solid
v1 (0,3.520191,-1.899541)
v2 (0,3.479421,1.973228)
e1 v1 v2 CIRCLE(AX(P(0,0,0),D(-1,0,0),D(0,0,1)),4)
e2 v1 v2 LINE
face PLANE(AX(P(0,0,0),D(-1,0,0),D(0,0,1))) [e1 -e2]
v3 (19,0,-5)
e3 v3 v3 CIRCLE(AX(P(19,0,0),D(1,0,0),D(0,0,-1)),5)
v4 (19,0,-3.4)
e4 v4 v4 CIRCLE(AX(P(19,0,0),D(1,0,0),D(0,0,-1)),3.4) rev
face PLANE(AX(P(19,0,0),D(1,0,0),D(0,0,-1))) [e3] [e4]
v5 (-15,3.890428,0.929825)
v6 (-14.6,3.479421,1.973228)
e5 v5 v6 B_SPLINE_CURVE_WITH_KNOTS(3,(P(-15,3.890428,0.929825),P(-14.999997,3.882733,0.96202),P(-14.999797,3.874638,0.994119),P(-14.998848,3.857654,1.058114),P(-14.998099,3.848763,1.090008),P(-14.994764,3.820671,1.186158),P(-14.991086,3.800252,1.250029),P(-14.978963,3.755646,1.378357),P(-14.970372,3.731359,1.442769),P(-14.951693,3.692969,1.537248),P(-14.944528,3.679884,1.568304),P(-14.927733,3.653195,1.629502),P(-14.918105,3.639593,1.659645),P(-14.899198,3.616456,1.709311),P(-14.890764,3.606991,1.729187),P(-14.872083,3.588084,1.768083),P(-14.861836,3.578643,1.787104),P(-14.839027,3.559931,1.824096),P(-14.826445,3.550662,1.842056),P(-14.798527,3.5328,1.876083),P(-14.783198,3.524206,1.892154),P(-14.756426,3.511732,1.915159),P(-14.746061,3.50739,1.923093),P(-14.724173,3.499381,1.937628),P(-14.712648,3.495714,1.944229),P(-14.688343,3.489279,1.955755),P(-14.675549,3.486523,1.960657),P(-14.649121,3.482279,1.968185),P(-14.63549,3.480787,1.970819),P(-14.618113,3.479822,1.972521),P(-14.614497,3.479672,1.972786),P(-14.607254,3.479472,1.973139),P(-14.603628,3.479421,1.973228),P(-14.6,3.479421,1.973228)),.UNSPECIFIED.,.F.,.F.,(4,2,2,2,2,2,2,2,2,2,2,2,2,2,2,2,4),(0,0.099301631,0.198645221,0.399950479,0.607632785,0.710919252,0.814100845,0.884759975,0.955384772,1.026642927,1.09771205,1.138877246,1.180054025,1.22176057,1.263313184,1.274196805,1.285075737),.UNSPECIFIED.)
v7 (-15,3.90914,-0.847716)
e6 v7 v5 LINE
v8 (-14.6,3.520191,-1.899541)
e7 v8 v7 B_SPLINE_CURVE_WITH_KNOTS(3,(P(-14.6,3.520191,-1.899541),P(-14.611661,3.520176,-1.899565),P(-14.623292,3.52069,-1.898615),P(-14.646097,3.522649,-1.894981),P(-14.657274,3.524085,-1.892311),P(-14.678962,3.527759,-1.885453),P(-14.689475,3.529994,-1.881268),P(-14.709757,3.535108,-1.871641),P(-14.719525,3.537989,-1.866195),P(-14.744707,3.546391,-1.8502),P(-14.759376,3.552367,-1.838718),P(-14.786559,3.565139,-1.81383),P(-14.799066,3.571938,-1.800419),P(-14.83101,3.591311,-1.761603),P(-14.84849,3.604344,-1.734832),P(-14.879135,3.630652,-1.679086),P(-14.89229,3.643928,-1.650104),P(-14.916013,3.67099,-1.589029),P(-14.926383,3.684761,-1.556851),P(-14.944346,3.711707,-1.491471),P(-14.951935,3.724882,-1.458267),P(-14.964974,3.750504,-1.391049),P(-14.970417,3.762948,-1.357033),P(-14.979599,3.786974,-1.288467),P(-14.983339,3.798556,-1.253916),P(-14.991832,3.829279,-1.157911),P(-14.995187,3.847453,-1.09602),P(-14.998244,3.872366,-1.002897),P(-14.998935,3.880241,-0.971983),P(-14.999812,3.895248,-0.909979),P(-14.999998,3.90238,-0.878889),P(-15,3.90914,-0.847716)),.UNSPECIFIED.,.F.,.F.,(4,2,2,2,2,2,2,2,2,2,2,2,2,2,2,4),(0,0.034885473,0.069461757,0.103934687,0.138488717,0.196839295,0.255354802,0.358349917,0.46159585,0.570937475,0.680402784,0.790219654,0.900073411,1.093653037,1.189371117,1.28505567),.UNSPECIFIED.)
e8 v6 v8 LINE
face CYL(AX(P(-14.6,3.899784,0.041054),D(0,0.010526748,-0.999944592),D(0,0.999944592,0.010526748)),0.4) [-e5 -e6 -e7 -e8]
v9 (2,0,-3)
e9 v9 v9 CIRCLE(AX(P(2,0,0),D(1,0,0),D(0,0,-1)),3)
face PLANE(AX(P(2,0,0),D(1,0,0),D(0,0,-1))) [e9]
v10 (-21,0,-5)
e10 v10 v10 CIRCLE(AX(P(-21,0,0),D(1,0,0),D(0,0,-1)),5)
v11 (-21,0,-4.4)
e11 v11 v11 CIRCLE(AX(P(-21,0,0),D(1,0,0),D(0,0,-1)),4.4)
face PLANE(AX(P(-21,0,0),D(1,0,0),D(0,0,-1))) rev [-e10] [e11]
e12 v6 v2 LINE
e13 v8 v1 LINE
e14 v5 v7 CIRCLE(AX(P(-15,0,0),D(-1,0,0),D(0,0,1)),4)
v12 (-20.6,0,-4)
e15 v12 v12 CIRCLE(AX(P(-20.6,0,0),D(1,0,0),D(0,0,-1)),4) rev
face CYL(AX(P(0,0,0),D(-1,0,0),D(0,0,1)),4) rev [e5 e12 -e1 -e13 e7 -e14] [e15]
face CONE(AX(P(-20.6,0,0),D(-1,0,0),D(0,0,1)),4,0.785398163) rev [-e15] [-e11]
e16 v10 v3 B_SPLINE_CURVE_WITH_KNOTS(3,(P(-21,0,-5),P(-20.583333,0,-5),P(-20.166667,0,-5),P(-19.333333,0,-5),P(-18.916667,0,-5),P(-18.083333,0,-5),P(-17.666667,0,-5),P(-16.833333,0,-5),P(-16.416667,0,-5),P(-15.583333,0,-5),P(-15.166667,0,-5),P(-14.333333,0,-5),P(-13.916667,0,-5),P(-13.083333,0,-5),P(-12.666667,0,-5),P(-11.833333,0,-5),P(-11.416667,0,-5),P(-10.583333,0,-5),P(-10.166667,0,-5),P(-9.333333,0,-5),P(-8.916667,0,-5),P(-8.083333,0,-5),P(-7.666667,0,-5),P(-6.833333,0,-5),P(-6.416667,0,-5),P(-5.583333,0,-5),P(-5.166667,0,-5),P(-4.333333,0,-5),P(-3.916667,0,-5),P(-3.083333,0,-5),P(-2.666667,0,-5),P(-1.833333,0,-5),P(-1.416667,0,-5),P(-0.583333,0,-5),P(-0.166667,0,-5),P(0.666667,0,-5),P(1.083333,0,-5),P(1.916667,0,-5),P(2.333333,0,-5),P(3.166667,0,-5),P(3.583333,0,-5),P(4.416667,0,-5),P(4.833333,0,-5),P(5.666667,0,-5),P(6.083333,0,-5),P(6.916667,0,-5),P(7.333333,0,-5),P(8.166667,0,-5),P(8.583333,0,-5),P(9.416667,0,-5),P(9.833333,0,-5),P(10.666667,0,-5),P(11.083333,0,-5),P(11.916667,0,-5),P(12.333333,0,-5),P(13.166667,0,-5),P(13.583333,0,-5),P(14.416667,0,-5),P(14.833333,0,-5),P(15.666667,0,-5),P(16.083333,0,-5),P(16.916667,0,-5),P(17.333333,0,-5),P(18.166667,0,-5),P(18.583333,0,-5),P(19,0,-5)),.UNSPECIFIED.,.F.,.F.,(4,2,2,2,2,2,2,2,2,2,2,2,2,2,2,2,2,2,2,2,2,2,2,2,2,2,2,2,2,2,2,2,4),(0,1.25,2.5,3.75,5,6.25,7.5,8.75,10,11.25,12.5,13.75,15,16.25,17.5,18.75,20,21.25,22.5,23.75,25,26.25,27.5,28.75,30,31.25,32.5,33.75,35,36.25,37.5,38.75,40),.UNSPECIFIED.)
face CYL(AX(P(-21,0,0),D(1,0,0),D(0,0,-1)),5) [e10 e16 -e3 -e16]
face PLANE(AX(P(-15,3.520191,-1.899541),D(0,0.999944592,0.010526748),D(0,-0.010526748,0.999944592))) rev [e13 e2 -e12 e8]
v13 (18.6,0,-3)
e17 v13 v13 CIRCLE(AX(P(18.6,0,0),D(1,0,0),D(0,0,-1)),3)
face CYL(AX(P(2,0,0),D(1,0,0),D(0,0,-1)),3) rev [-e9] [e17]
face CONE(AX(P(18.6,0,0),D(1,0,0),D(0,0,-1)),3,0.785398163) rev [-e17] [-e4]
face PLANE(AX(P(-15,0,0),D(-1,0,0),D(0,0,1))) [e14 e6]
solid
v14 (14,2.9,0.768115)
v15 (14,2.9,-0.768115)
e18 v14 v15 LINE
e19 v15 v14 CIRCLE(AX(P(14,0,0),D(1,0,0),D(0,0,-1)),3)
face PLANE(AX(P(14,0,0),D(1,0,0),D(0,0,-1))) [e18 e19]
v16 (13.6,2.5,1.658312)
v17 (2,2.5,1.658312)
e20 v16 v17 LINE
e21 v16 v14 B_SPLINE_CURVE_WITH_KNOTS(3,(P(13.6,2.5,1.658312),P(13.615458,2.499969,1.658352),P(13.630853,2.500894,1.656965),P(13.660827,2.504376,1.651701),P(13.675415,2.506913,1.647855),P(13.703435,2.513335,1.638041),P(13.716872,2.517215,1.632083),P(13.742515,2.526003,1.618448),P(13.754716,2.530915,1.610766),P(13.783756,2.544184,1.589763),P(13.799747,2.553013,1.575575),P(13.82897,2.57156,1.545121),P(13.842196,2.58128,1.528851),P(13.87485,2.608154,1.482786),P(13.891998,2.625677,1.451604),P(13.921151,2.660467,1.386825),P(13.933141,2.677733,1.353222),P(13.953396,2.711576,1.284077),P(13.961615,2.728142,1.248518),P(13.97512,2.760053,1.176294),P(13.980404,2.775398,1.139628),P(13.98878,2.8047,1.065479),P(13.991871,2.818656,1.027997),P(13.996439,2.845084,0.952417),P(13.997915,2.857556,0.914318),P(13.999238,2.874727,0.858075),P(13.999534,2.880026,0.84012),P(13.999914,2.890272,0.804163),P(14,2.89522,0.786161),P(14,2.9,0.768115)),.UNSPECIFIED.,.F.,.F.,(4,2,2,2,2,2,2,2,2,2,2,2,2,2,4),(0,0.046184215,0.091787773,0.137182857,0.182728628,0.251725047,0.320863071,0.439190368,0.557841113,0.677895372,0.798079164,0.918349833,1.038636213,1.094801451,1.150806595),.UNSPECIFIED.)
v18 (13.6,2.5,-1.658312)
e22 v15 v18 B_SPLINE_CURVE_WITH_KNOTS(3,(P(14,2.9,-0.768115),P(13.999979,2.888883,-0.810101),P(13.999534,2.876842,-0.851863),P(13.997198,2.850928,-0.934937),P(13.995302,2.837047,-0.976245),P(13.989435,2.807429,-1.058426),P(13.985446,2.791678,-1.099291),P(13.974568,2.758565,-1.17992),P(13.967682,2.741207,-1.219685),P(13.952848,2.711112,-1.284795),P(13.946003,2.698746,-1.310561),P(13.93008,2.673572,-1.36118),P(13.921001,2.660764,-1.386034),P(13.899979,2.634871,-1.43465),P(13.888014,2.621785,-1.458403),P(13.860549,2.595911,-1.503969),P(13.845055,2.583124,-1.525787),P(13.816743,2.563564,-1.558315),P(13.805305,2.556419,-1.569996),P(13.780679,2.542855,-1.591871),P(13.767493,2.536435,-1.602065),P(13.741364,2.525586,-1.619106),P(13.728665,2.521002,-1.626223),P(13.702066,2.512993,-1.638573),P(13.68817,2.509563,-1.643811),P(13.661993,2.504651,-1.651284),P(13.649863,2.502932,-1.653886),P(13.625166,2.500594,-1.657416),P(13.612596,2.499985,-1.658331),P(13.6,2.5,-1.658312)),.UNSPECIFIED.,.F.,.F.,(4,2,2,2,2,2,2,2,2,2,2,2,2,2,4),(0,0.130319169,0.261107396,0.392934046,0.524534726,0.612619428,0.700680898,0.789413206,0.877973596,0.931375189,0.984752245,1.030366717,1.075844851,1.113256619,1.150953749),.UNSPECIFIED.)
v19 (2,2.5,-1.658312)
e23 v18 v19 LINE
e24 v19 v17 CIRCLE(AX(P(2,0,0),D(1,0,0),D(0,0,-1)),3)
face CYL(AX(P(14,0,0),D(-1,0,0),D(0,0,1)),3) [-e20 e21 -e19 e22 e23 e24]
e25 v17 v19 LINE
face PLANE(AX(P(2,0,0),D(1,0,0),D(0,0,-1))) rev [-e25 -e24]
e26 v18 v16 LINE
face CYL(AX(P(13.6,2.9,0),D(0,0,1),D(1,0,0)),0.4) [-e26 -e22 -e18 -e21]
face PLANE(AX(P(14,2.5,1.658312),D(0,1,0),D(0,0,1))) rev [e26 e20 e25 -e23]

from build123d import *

# Parameters (mm, degrees)
EXTRUDE_1_DEPTH      = 19
EXTRUDE_1_DEPTH_BACK = 21
SKETCH_1_R           = 5
SKETCH_3_R           = 3
CUT_EXTRUDE_1_DEPTH  = 17
SKETCH_4_R           = 4
CUT_EXTRUDE_2_DEPTH  = 21
EXTRUDE_2_DEPTH      = 12
EXTRUDE_START        = 15
EXTRUDE_3_DEPTH      = 15
CHAMFER_1_SIZE       = 0.4
FILLET_1_R           = 0.4
FILLET_2_R           = 0.4


with BuildPart() as part:
    # 草图1 → 凸台-拉伸1 (new, two sides: drawn at the far end of the back side and taken through both)
    with BuildSketch(Plane(origin=(0, 0, 0), x_dir=(0, 0, -1), z_dir=(1, 0, 0)).offset(-EXTRUDE_1_DEPTH_BACK)):
        Circle(SKETCH_1_R)
    extrude(amount=EXTRUDE_1_DEPTH + EXTRUDE_1_DEPTH_BACK)

    # 草图3 → 切除-拉伸1 (cut)
    with BuildSketch(Plane(origin=(19, 0, 0), x_dir=(0, 0, -1), z_dir=(1, 0, 0))):
        Circle(SKETCH_3_R)
    extrude(amount=-CUT_EXTRUDE_1_DEPTH, mode=Mode.SUBTRACT)

    # 草图4 → 切除-拉伸2 (cut)
    with BuildSketch(Plane.ZY.offset(21)):
        Circle(SKETCH_4_R)
    extrude(amount=-CUT_EXTRUDE_2_DEPTH, mode=Mode.SUBTRACT)

    # 草图6 → 凸台-拉伸3 (add)
    with BuildSketch(Plane.ZY.offset(EXTRUDE_START)):
        with BuildLine():
            Line((-1.899540758, 3.520191033), (1.973227995, 3.479421113))
            ThreePointArc((1.973227995, 3.479421113), (0.042106993, 3.999778369), (-1.899540758, 3.520191033))
        make_face()
    extrude(amount=-EXTRUDE_3_DEPTH)

    # 倒角1
    chamfer_1_edges = [part.edges().sort_by_distance(p)[0] for p in [
        (-21, 0, -4),
        (19, 0, 3),
    ]]
    chamfer(chamfer_1_edges, length=CHAMFER_1_SIZE)

    # 圆角2
    fillet_2_edges = [part.edges().sort_by_distance(p)[0] for p in [
        (-15, 3.499806073, 0.036843619),
    ]]
    fillet(fillet_2_edges, radius=FILLET_2_R)


with BuildPart() as body_2:
    # 草图5 → 凸台-拉伸2 (new body)
    with BuildSketch(Plane(origin=(2, 0, 0), x_dir=(0, 0, -1), z_dir=(1, 0, 0))):
        with BuildLine():
            Line((-1.658312395, 2.5), (1.658312395, 2.5))
            ThreePointArc((1.658312395, 2.5), (0, 3), (-1.658312395, 2.5))
        make_face()
    extrude(amount=EXTRUDE_2_DEPTH)

    # 圆角1
    fillet_1_edges = [body_2.edges().sort_by_distance(p)[0] for p in [
        (14, 2.5, 0),
    ]]
    fillet(fillet_1_edges, radius=FILLET_1_R)


solid = Compound([part.part, body_2.part])
